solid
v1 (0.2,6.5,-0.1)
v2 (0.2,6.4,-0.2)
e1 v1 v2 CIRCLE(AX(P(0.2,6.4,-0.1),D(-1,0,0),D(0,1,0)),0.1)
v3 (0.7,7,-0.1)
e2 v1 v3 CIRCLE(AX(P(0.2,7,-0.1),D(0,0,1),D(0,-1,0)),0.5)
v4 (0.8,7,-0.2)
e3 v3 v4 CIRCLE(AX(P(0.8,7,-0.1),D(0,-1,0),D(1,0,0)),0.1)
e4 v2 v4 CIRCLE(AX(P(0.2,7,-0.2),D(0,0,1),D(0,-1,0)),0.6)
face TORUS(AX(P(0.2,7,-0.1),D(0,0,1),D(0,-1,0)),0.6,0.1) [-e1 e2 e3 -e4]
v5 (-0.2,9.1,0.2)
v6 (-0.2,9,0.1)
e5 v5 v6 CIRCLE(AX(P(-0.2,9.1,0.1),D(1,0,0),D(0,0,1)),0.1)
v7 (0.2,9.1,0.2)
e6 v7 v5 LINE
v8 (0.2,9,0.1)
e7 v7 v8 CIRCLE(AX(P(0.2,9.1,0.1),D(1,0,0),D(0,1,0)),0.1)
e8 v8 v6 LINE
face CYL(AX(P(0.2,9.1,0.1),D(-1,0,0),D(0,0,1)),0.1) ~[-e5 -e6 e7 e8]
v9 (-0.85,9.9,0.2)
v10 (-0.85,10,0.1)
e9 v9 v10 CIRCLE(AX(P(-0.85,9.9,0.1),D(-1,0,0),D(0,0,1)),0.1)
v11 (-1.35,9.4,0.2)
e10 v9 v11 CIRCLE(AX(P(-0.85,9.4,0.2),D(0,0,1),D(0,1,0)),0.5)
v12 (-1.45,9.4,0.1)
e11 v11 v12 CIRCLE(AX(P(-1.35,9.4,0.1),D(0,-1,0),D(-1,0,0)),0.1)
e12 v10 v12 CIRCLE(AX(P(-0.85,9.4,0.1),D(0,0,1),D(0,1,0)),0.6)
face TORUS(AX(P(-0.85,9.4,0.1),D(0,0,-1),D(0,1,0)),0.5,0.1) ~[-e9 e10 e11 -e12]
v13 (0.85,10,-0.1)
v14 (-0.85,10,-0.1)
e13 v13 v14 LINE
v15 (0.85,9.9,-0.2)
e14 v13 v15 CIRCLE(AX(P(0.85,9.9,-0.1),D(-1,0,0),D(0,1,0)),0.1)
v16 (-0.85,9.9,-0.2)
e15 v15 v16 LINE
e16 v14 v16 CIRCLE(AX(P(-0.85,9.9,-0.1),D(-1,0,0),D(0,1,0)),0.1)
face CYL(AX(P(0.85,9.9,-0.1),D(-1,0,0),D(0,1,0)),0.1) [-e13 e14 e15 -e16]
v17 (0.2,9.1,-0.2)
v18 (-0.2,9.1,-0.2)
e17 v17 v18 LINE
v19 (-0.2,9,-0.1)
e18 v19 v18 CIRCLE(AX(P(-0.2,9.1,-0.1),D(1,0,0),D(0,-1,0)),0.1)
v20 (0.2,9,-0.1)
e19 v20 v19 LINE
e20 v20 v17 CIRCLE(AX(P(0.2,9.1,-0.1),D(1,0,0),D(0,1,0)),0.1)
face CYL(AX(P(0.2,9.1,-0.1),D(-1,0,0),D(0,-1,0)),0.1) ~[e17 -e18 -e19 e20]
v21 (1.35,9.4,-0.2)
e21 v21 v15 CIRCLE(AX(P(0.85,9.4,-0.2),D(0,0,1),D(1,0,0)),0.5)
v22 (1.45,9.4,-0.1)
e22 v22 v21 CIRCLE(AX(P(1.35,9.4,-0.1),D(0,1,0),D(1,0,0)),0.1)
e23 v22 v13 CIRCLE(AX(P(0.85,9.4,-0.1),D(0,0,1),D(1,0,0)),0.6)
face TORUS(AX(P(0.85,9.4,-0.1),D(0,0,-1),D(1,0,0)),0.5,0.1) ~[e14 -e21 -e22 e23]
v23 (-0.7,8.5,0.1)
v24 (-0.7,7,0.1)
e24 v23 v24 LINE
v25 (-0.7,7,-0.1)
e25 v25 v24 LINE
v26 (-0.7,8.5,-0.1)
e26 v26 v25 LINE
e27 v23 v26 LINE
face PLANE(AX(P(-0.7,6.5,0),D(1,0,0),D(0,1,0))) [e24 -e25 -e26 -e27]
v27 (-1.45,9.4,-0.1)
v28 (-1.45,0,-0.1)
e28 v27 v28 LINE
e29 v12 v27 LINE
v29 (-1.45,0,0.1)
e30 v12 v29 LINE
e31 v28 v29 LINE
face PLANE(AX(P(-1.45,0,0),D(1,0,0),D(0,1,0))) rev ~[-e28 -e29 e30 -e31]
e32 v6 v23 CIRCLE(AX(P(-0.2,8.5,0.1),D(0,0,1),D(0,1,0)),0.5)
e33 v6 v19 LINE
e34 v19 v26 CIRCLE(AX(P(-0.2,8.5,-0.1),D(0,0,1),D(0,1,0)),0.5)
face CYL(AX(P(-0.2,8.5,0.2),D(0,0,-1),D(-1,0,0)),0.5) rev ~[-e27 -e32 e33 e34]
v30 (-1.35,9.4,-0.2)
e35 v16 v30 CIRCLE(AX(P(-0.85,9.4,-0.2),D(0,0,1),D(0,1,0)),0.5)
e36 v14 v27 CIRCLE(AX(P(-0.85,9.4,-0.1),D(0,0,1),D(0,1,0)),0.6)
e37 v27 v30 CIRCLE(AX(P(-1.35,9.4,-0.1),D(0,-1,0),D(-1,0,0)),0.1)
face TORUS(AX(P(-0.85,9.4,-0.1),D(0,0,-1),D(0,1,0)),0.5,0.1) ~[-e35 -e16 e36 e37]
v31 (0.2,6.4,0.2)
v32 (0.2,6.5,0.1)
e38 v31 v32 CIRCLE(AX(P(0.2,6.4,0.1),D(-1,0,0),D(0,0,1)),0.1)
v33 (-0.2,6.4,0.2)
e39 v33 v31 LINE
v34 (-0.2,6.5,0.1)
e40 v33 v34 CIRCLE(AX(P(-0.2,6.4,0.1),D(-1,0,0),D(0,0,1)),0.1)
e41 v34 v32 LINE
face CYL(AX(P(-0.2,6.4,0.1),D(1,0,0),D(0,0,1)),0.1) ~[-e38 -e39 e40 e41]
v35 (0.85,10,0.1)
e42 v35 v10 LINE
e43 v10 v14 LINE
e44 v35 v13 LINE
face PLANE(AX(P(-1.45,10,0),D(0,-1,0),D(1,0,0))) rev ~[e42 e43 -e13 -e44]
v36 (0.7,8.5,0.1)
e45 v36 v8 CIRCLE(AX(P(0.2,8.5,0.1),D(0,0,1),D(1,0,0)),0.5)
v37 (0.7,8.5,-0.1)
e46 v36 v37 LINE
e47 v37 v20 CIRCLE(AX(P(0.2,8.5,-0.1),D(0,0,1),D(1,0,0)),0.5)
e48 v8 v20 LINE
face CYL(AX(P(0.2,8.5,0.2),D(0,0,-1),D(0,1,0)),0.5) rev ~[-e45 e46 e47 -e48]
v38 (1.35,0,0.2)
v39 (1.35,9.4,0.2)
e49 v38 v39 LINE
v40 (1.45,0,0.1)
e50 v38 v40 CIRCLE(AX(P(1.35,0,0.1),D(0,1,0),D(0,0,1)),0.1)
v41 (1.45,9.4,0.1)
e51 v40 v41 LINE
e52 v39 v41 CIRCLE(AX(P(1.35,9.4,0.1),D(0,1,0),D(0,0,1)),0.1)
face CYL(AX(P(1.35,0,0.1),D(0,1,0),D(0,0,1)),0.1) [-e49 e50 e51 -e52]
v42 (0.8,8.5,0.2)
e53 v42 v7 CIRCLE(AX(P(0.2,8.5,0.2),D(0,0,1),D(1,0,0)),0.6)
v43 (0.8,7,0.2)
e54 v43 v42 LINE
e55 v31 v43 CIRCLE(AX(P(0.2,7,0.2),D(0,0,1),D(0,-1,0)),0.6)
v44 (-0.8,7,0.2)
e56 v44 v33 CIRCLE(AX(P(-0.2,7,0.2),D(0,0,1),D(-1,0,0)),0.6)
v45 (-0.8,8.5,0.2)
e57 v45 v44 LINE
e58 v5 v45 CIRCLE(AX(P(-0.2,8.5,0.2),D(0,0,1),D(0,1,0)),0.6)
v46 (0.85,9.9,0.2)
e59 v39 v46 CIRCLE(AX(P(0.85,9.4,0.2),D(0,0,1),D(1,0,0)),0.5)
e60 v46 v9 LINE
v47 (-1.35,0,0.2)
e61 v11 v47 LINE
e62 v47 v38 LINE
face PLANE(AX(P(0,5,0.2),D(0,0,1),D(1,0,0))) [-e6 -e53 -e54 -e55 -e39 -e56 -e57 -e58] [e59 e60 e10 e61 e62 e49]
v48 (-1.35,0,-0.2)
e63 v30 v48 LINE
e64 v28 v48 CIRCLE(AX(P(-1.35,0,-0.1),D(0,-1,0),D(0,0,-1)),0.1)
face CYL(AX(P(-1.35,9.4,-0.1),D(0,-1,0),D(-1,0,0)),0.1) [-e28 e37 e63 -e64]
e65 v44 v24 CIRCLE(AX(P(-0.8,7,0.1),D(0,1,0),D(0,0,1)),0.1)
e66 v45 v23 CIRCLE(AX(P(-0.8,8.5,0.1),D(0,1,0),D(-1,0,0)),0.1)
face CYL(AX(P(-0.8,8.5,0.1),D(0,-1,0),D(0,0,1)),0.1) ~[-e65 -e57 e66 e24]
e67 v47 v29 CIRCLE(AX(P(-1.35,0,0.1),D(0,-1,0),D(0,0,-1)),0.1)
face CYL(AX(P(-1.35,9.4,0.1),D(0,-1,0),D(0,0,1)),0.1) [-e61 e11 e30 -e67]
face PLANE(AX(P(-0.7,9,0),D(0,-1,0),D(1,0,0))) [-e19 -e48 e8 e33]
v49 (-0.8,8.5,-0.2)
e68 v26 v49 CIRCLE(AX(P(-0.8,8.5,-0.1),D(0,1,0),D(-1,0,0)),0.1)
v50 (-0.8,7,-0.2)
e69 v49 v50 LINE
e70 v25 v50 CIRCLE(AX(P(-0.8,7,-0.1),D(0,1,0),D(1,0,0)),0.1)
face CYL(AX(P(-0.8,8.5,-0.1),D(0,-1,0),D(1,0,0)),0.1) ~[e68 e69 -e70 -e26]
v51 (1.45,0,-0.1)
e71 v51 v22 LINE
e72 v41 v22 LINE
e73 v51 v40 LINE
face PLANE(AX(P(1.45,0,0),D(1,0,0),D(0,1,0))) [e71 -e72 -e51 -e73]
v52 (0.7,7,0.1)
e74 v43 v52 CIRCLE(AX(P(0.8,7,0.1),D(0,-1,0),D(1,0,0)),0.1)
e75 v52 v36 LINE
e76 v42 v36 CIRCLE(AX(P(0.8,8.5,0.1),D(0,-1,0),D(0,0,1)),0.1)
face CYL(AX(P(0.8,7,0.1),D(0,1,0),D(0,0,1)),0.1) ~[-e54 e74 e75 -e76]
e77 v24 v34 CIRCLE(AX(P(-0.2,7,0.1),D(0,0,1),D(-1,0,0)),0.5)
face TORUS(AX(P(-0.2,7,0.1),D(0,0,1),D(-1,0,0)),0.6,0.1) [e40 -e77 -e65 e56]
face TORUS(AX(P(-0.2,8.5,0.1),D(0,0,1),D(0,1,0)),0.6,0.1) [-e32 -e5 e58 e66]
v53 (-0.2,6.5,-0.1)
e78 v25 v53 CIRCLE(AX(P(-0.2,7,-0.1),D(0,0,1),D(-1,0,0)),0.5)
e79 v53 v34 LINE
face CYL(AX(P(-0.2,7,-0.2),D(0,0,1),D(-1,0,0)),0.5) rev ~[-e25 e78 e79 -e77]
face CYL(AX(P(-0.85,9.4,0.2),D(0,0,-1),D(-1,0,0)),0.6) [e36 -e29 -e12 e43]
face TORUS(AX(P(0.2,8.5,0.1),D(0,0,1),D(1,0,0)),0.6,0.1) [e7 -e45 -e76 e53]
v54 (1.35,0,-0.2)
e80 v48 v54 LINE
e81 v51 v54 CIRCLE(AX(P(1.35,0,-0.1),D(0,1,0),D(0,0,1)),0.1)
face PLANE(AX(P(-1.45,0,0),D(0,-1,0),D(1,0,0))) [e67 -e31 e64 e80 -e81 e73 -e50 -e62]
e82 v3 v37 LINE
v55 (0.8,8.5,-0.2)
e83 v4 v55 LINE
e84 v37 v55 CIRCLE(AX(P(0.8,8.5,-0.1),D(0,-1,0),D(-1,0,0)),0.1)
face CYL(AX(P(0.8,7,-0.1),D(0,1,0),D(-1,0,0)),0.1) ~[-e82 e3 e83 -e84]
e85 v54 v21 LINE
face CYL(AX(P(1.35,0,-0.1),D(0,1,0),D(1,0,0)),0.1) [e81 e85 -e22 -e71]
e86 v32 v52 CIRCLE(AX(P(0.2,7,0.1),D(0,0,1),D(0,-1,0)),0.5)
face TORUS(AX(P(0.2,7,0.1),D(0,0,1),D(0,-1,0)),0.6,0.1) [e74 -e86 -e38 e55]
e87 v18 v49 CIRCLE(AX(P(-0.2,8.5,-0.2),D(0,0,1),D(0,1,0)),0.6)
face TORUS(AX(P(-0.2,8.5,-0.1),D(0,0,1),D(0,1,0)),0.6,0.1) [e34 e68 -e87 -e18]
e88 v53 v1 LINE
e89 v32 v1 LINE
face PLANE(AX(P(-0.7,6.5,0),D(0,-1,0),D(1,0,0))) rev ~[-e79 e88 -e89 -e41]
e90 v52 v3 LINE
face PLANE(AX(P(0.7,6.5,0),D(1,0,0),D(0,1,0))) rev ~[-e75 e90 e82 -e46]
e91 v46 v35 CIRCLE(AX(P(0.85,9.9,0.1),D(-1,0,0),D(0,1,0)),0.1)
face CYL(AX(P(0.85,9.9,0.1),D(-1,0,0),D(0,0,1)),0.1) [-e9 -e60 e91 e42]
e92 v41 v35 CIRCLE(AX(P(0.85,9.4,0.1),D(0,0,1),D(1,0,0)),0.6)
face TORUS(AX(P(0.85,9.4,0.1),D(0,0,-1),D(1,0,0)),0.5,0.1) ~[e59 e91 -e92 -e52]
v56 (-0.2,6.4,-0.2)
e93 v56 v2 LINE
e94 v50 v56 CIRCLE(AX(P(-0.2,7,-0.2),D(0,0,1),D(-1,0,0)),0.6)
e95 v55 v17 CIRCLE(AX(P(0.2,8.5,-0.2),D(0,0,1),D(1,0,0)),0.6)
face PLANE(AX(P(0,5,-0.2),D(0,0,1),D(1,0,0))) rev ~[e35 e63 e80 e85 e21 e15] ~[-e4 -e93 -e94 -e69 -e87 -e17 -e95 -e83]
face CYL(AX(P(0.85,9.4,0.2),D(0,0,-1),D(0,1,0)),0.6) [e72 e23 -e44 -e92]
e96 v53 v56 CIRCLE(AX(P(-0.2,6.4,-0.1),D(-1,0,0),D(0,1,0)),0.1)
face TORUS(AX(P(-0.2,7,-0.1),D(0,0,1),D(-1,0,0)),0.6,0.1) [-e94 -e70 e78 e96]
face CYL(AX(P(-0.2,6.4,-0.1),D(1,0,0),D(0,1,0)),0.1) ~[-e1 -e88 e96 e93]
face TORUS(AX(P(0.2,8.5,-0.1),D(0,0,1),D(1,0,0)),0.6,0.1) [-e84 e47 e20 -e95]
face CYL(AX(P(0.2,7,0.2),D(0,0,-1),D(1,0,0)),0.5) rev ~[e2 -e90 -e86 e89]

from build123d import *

# Parameters (mm, degrees)
SKETCH1_W      = 2.9
SKETCH1_H      = 10
SKETCH1_W_2    = 1.4
SKETCH1_H_2    = 2.5
EXTRUDE1_DEPTH = 0.2
FILLET1_R      = 0.5
FILLET2_R      = 0.6
FILLET3_R      = 0.1


with BuildPart() as part:
    # Sketch1 → Extrude1 (new body, symmetric)
    with BuildSketch(Plane.XY):
        with Locations((0, 5)):
            Rectangle(SKETCH1_W, SKETCH1_H)
        with Locations((0, 7.75)):
            Rectangle(SKETCH1_W_2, SKETCH1_H_2, mode=Mode.SUBTRACT)
    extrude(amount=EXTRUDE1_DEPTH, both=True)

    # Fillet1
    fillet1_edges = [part.edges().sort_by_distance(p)[0] for p in [
        (-0.7, 9, 0),
        (-0.7, 6.5, 0),
        (0.7, 6.5, 0),
        (0.7, 9, 0),
    ]]
    fillet(fillet1_edges, radius=FILLET1_R)

    # Fillet2
    fillet2_edges = [part.edges().sort_by_distance(p)[0] for p in [
        (-1.45, 10, 0),
        (1.45, 10, 0),
    ]]
    fillet(fillet2_edges, radius=FILLET2_R)

    # Fillet3
    fillet3_edges = [part.edges().sort_by_distance(p)[0] for p in [
        (1.45, 4.7, 0.2),
        (0, 6.5, -0.2),
        (0, 6.5, 0.2),
        (0.7, 7.75, -0.2),
        (0.7, 7.75, 0.2),
        (0, 9, -0.2),
        (0, 9, 0.2),
        (-0.7, 7.75, -0.2),
        (-0.7, 7.75, 0.2),
        (0.553553391, 6.646446609, -0.2),
        (0.553553391, 6.646446609, 0.2),
        (0.553553391, 8.853553391, -0.2),
        (0.553553391, 8.853553391, 0.2),
        (-0.553553391, 8.853553391, -0.2),
        (-0.553553391, 8.853553391, 0.2),
        (-0.553553391, 6.646446609, -0.2),
        (-0.553553391, 6.646446609, 0.2),
        (1.45, 4.7, -0.2),
        (0, 10, -0.2),
        (0, 10, 0.2),
        (-1.45, 4.7, -0.2),
        (-1.274264069, 9.824264069, -0.2),
        (1.274264069, 9.824264069, -0.2),
        (-1.45, 4.7, 0.2),
        (-1.274264069, 9.824264069, 0.2),
        (1.274264069, 9.824264069, 0.2),
    ]]
    fillet(fillet3_edges, radius=FILLET3_R)


solid = part.part
